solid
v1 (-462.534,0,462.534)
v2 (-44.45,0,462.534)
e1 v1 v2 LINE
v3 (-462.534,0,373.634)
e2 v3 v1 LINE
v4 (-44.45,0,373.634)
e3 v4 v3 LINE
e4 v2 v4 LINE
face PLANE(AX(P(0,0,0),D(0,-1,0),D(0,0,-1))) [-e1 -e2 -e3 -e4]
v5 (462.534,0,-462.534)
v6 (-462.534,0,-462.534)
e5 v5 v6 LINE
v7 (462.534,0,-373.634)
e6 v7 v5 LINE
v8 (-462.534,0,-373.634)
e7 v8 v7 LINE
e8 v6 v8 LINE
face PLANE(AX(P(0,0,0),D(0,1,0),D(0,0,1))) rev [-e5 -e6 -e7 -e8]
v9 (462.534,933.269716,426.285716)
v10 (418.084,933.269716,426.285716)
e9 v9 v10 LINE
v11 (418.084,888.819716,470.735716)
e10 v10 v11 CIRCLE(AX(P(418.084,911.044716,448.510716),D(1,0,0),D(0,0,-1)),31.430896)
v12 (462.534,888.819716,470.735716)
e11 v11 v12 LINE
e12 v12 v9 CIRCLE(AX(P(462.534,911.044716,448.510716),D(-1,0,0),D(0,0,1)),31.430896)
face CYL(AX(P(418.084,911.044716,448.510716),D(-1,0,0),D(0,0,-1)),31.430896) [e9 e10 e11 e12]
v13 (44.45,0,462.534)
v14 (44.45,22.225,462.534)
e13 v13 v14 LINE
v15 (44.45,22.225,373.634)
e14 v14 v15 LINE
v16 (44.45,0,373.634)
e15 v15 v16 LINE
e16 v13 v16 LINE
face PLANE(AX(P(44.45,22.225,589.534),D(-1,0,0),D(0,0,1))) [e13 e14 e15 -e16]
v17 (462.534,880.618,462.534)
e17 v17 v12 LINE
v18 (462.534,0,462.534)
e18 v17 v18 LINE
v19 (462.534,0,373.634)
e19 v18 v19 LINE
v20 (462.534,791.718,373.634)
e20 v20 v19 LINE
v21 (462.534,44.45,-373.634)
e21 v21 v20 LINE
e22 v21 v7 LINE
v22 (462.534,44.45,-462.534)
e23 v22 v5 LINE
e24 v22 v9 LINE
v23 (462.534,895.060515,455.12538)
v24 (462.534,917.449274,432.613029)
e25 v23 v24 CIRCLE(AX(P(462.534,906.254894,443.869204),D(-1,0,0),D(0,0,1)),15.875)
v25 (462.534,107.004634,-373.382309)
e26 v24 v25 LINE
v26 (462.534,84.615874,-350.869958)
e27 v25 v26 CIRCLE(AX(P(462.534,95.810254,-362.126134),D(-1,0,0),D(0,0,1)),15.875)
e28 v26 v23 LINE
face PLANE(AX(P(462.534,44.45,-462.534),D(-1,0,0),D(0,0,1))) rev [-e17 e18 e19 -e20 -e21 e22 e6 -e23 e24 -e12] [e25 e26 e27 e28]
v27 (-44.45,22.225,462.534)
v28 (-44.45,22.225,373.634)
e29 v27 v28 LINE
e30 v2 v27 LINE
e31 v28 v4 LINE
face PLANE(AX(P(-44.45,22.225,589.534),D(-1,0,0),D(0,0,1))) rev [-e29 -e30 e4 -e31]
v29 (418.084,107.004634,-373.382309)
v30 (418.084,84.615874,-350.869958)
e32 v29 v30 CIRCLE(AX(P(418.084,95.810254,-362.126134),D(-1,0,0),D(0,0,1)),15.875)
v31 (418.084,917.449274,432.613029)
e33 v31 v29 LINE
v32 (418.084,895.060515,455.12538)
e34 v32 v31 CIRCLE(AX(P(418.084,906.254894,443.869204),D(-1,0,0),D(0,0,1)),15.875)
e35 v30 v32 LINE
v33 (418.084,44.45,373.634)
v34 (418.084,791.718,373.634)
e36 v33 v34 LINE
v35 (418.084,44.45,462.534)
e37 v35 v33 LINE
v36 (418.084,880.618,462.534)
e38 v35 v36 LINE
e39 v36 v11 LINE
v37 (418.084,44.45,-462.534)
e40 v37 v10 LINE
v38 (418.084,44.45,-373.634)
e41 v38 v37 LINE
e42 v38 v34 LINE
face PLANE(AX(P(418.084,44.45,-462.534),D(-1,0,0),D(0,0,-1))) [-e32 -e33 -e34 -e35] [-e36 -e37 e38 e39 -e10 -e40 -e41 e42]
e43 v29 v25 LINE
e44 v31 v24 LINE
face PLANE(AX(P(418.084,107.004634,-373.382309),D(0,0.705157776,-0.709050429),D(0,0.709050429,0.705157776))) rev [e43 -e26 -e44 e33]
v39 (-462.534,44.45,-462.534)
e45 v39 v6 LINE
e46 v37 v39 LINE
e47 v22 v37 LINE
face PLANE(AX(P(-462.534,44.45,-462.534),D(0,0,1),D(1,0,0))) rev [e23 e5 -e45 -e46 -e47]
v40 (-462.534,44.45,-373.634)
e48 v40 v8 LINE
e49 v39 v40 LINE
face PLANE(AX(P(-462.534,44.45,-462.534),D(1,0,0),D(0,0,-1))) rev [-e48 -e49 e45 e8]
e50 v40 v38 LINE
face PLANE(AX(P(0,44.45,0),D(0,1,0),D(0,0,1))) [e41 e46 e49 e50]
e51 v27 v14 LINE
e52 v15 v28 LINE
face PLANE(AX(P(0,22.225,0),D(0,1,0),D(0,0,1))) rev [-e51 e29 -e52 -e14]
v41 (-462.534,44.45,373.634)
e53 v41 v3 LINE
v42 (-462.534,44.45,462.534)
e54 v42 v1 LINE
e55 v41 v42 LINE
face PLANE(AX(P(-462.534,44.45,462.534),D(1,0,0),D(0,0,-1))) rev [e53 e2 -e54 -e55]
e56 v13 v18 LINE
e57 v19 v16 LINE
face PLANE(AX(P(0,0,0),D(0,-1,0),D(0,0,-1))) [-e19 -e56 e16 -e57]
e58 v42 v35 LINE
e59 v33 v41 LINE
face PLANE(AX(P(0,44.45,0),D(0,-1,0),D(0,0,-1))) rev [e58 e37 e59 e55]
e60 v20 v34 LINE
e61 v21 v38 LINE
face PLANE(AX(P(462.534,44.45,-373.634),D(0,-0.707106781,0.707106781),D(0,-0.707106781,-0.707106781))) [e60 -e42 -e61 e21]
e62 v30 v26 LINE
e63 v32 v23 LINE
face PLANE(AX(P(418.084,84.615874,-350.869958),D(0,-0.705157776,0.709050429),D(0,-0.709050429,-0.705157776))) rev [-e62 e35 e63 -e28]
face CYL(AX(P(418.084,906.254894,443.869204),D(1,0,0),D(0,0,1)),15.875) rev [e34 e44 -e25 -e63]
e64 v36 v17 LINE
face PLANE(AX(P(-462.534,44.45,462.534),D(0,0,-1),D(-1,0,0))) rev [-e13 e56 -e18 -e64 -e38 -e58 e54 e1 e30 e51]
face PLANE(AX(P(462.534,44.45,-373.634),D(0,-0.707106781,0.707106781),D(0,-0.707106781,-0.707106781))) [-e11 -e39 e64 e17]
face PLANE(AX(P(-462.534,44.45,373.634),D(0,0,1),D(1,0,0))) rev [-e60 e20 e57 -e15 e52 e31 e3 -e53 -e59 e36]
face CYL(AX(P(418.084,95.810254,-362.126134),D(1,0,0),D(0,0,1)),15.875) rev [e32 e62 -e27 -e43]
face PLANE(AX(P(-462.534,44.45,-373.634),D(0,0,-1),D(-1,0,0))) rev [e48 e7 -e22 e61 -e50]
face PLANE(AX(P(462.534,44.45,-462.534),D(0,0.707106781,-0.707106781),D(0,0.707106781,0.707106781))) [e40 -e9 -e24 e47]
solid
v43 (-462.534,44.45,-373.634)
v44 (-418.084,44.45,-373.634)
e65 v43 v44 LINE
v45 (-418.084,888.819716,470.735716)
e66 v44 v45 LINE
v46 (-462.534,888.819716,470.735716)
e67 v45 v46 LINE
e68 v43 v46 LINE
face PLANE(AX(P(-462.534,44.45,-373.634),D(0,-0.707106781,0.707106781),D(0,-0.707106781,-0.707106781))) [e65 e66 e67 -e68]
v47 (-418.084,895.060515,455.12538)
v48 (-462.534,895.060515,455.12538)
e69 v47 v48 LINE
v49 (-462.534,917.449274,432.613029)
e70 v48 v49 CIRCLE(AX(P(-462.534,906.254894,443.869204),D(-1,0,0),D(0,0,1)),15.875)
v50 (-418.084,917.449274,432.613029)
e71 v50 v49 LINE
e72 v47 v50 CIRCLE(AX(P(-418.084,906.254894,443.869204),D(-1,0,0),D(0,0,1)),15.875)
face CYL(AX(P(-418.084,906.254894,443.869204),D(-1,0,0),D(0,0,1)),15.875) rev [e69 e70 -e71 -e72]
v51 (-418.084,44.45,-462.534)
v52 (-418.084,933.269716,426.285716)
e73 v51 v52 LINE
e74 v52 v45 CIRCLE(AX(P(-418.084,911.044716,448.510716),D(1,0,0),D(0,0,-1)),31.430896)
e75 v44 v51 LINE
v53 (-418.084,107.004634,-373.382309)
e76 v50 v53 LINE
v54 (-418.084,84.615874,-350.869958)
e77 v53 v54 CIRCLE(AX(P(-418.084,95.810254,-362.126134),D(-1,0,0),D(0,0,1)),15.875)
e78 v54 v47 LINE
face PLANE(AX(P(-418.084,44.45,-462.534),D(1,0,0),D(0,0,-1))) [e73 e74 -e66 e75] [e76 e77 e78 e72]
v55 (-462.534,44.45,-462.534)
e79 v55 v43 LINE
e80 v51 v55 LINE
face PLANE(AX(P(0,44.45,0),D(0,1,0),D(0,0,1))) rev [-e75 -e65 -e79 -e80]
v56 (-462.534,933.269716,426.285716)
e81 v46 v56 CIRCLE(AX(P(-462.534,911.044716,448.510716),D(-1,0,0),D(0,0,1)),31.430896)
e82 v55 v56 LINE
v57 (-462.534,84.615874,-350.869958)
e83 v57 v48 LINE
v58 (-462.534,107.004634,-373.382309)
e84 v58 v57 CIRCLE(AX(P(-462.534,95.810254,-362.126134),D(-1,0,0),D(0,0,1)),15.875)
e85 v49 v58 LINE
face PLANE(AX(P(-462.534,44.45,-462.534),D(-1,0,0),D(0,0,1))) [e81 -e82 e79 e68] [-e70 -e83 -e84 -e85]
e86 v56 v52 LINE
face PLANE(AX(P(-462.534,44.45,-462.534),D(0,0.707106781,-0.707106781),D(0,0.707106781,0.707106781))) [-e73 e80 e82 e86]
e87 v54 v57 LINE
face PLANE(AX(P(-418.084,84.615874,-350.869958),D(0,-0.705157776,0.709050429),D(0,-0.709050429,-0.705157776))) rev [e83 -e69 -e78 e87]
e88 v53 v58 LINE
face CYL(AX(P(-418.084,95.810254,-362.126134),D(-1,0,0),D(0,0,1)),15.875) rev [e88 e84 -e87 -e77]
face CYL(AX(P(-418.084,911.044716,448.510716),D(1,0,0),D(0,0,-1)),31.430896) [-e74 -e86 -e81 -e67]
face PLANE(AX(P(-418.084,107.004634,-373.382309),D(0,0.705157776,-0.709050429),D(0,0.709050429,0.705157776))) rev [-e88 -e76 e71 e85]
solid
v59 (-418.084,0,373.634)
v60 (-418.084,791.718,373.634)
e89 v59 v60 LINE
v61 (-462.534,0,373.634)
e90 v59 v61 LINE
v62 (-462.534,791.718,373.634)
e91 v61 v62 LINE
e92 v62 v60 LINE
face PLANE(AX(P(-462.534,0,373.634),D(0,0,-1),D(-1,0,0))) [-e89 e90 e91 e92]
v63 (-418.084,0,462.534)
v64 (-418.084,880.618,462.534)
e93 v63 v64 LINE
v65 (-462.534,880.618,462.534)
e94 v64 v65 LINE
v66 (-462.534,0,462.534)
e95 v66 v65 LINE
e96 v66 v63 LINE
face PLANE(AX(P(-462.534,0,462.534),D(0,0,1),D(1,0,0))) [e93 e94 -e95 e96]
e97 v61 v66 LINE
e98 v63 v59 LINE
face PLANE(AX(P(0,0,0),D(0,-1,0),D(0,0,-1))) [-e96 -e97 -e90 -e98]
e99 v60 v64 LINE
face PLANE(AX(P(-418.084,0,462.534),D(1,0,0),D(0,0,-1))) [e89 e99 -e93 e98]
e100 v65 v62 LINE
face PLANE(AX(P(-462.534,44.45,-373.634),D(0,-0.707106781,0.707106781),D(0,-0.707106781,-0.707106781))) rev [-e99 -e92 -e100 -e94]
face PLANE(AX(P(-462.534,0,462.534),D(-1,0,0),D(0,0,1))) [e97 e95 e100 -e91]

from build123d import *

# Parameters (mm, degrees)
SKETCH2_W                       = 925.068
SKETCH2_H                       = 88.9
BOSS_EXTRUDE1_DEPTH             = 44.45
BOSS_EXTRUDE1_2_DEPTH           = 44.45
SKETCH4_W                       = 44.45
SKETCH4_H                       = 88.9
FILLET1_R                       = 31.430896
CUT_EXTRUDE1_DEPTH              = 44.45
BOSS_EXTRUDE2_REACH             = 1120.361
SKETCH6_W                       = 44.45
SKETCH6_H                       = 88.9
BOSS_EXTRUDE2_DIRECTION_2_DEPTH = 44.45
FILLET1_OF_MIRROR8_R            = 31.430896
SKETCH1_W                       = 88.9
SKETCH1_H                       = 254
CUT_EXTRUDE2_DEPTH              = 22.225


with BuildPart() as part:
    # Sketch2 → Boss-Extrude1 (new body)
    with BuildSketch(Plane(origin=(0, 0, 0), x_dir=(1, 0, 0), z_dir=(0, 1, 0))):
        with Locations((0, 418.084)):
            Rectangle(SKETCH2_W, SKETCH2_H)
    extrude(amount=BOSS_EXTRUDE1_DEPTH)


with BuildPart() as body_2:
    # Sketch2 → Boss-Extrude1 2 (new body)
    with BuildSketch(Plane(origin=(0, 0, 0), x_dir=(1, 0, 0), z_dir=(0, 1, 0))):
        with Locations((0, -418.084)):
            Rectangle(SKETCH2_W, SKETCH2_H)
    extrude(amount=BOSS_EXTRUDE1_2_DEPTH)


with BuildPart() as body_3:
    # Sweep1: sweep along a path in Sketch3
    with BuildLine(Plane.ZY.offset(462.534)) as sweep1_path:
        Line((-462.534, 44.45), (435.491612107, 942.475612107))
    # Sketch4 → Sweep1 (sweep)
    with BuildSketch(Plane(origin=(0, 44.45, 0), x_dir=(1, 0, 0), z_dir=(0, 1, 0))):
        with Locations((-440.309, 418.084)):
            Rectangle(SKETCH4_W, SKETCH4_H)
    sweep1 = sweep(path=sweep1_path.line)

    # Fillet1
    fillet1_edges = [body_3.edges().sort_by_distance(p)[0] for p in [
        (-440.309, 942.475612107, 524.391612107),
        (-440.309, 942.475612107, 435.491612107),
    ]]
    fillet(fillet1_edges, radius=FILLET1_R)

    # Sketch5 → Cut-Extrude1 (cut)
    with BuildSketch(Plane.ZY.offset(462.534)):
        with BuildLine():
            Line((-373.382309225, 107.004633733), (432.613028854, 917.449274035))
            ThreePointArc((432.613028854, 917.449274035), (455.063584109, 917.5110699), (455.125379974, 895.060514644))
            Line((455.125379974, 895.060514644), (-350.869958105, 84.615874342))
            ThreePointArc((-350.869958105, 84.615874342), (-373.32051336, 84.554078477), (-373.382309225, 107.004633733))
        make_face()
    cut_extrude1 = extrude(amount=-CUT_EXTRUDE1_DEPTH, mode=Mode.SUBTRACT)


with BuildPart() as body_4:

    # Boss-Extrude2: up to this face of the body (flat: up to its plane)
    boss_extrude2_end = Plane(body_3.part.faces().sort_by_distance((-440.309, 466.634858203, 48.550858203))[0])
    # Sketch6 → Boss-Extrude2 (new, up to the picked face)
    with BuildSketch(Plane(origin=(0, 44.45, 0), x_dir=(1, 0, 0), z_dir=(0, 1, 0)), mode=Mode.PRIVATE) as boss_extrude2_sk1:
        with Locations((-440.309, -418.084)):
            Rectangle(SKETCH6_W, SKETCH6_H)
    boss_extrude2_tool1 = split(extrude(boss_extrude2_sk1.sketch, amount=BOSS_EXTRUDE2_REACH, mode=Mode.PRIVATE), bisect_by=boss_extrude2_end, keep=Keep.BOTH, mode=Mode.PRIVATE)
    boss_extrude2 = boss_extrude2_tool1.solids().sort_by(Axis((-440.309, 44.45, 418.084), (0, 1, 0)))[0]
    add(boss_extrude2)

    # Sketch6 → Boss-Extrude2 direction 2 (add)
    with BuildSketch(Plane(origin=(0, 44.45, 0), x_dir=(1, 0, 0), z_dir=(0, 1, 0))):
        with Locations((-440.309, -418.084)):
            Rectangle(SKETCH6_W, SKETCH6_H)
    boss_extrude2_direction_2 = extrude(amount=-BOSS_EXTRUDE2_DIRECTION_2_DEPTH)


with BuildPart() as body_2_1:
    add(body_2.part)

    # Mirror4: Boss-Extrude2, Boss-Extrude2 direction 2 across plane
    add(boss_extrude2.mirror(Plane(origin=(0, 0, 0), x_dir=(0, 0, 1), z_dir=(1, 0, 0))))
    add(boss_extrude2_direction_2.mirror(Plane(origin=(0, 0, 0), x_dir=(0, 0, 1), z_dir=(1, 0, 0))))


with BuildPart() as part_1:
    add(part.part)

    add(body_2_1.part)  # Mirror8 merges body 2
    # Mirror8: Sweep1 across plane
    add(sweep1.mirror(Plane(origin=(0, 0, 0), x_dir=(0, 0, 1), z_dir=(1, 0, 0))))

    # Mirror8 2: Cut-Extrude1 across plane
    add(cut_extrude1.mirror(Plane(origin=(0, 0, 0), x_dir=(0, 0, 1), z_dir=(1, 0, 0))), mode=Mode.SUBTRACT)

    # Fillet1 of Mirror8
    fillet1_of_mirror8_edges = [part_1.edges().sort_by_distance(p)[0] for p in [
        (440.309, 942.475612107, 524.391612107),
        (440.309, 942.475612107, 435.491612107),
    ]]
    fillet(fillet1_of_mirror8_edges, radius=FILLET1_OF_MIRROR8_R)

    # Sketch1 → Cut-Extrude2 (cut)
    with BuildSketch(Plane(origin=(0, 0, 0), x_dir=(1, 0, 0), z_dir=(0, 1, 0))):
        with Locations((0, -462.534)):
            Rectangle(SKETCH1_W, SKETCH1_H)
    extrude(amount=CUT_EXTRUDE2_DEPTH, mode=Mode.SUBTRACT)


solid = Compound([body_3.part, body_4.part, part_1.part])
